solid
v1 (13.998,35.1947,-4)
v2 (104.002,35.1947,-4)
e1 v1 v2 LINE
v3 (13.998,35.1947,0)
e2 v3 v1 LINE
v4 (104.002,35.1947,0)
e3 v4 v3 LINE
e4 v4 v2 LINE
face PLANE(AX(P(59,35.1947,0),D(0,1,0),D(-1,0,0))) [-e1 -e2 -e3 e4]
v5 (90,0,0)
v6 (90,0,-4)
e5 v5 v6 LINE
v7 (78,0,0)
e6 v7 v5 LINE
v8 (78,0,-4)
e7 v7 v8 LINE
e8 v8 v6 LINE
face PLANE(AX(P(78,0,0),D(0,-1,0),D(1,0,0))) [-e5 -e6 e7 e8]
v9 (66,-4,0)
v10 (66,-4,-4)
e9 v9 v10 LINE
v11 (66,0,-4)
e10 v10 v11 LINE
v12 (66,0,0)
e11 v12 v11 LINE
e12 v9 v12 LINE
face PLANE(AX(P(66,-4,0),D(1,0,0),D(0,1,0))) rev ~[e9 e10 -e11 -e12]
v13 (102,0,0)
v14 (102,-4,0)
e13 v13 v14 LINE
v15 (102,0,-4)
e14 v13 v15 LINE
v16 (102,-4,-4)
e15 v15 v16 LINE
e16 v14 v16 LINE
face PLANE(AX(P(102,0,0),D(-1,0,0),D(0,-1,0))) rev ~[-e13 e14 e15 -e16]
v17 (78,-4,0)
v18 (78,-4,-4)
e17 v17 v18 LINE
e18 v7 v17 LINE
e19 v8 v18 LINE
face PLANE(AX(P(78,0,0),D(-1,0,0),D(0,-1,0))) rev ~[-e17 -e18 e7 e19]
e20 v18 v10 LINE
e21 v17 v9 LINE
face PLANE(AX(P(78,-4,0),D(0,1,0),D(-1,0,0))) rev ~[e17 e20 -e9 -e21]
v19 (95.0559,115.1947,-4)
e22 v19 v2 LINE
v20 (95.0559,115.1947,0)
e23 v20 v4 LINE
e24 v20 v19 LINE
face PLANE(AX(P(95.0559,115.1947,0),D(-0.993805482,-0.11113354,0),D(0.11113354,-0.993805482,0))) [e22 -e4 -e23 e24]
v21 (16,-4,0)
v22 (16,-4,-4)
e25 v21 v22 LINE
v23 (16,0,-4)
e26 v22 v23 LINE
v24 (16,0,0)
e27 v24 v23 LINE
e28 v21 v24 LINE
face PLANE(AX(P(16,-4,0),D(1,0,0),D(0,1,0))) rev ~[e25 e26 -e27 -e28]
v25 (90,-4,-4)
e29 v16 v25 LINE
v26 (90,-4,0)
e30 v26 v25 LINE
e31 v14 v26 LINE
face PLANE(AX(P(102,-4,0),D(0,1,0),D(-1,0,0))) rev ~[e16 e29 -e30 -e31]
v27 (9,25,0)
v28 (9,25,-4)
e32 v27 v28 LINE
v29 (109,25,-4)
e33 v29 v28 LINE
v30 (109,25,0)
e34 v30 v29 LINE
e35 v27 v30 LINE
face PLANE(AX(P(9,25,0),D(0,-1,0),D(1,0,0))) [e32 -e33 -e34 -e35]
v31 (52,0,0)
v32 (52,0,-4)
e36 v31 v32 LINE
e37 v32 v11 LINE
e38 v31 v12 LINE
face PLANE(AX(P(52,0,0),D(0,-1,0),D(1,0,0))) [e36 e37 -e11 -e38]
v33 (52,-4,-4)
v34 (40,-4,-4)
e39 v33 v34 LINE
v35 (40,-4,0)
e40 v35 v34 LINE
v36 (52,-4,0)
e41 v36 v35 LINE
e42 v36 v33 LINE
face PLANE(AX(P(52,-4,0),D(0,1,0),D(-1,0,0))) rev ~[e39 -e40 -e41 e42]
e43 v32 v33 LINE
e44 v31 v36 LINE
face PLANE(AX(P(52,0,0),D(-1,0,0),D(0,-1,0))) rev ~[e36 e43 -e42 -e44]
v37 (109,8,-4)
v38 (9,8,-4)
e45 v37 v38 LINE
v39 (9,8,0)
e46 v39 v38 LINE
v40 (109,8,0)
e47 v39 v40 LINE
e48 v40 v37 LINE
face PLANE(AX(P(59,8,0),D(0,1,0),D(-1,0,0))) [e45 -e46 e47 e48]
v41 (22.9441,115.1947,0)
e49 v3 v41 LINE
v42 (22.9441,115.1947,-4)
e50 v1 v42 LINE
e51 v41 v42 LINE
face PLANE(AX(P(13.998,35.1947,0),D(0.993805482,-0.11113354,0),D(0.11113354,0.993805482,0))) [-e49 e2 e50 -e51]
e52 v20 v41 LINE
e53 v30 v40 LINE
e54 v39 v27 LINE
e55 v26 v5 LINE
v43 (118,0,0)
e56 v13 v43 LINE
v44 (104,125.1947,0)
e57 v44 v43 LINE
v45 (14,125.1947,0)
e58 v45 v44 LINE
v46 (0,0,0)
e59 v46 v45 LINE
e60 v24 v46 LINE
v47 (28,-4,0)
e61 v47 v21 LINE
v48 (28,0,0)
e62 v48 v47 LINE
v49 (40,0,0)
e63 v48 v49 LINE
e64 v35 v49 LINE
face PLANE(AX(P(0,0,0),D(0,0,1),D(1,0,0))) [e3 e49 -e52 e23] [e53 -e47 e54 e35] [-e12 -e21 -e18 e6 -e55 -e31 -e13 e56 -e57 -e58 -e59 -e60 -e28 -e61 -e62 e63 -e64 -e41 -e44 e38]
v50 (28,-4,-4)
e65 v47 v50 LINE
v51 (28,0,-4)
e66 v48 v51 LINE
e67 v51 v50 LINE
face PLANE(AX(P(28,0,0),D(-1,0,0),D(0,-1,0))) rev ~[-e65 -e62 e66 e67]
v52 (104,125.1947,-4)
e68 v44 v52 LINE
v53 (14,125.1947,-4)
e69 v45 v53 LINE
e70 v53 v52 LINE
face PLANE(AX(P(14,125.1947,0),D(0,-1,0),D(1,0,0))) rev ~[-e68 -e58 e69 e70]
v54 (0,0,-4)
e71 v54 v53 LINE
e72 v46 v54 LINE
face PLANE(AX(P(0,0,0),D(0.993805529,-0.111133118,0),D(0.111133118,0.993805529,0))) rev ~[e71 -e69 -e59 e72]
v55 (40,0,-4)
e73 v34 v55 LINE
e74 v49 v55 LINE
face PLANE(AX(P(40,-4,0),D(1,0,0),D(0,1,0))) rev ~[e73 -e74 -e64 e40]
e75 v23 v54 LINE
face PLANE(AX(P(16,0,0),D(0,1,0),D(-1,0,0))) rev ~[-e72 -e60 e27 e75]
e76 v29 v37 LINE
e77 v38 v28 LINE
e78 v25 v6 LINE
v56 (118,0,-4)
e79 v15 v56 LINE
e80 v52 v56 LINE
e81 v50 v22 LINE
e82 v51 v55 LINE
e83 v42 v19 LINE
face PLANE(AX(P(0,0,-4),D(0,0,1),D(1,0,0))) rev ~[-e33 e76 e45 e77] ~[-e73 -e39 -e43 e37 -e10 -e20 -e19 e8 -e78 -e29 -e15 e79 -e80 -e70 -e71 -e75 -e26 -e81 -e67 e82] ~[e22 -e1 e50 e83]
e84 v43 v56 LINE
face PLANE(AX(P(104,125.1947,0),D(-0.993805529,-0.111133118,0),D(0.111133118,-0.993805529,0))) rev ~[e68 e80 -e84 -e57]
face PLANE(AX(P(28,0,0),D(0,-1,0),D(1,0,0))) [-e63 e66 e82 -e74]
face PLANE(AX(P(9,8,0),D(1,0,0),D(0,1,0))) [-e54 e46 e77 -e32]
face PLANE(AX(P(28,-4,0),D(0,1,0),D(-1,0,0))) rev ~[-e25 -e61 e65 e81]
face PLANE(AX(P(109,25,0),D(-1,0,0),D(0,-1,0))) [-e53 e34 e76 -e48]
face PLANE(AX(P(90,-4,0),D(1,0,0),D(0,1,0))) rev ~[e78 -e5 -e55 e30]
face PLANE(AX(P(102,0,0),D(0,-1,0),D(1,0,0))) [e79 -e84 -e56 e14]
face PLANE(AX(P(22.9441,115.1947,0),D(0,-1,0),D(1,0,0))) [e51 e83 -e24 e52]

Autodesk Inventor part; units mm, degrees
ref_plane "YZ Plane" through (0, 0, 0) normal (1, 0, 0) x (0, 1, 0)
ref_plane "XZ Plane" through (0, 0, 0) normal (0, 1, 0) x (-1, 0, 0)
ref_plane "XY Plane" through (0, 0, 0) normal (0, 0, 1) x (1, 0, 0)
sketch "Sketch1" plane through (0, 0, 0) normal (0, 0, 1) x (1, 0, 0)
  line L0 (0, 0) -> (14, 125.1947)
  line L1 (14, 125.1947) -> (104, 125.1947)
  line L2 (104, 125.1947) -> (118, 0)
  line L3 (16, 0) -> (28, 0)
  line L4 (28, 0) -> (28, -4)
  line L5 (28, -4) -> (16, -4)
  line L6 (16, -4) -> (16, 0)
  line L7 (66, 0) -> (78, 0)
  line L8 (78, 0) -> (78, -4)
  line L9 (78, -4) -> (66, -4)
  line L10 (66, -4) -> (66, 0)
  line L11 (40, 0) -> (52, 0)
  line L12 (52, 0) -> (52, -4)
  line L13 (52, -4) -> (40, -4)
  line L14 (40, -4) -> (40, 0)
  line L15 (90, 0) -> (102, 0)
  line L16 (102, 0) -> (102, -4)
  line L17 (102, -4) -> (90, -4)
  line L18 (90, -4) -> (90, 0)
  line L19 (78, 0) -> (90, 0)
  line L20 (28, 0) -> (40, 0)
  line L21 (102, 0) -> (118, 0)
  line L22 (16, 0) -> (0, 0)
  line L23 (52, 0) -> (66, 0)
  line L24 (102, -4) -> (118.4473, -4)
  line L25 (118.4473, -4) -> (118, 0)
  dimension "d229" = 90
  dimension "d232" = 16
  dimension "d233" = 12
  dimension "d234" = 12
  dimension "d235" = 4
  dimension "d239" = 14
  dimension "d241" = 130
extrude "Extrusion1" add sketch "Sketch1" against normal blind 4 contours L0 L1 L2 L21 L15 L19 L7 L23 L11 L20 L3 L22 | L3 L4 L5 L6 | L11 L12 L13 L14 | L16 L17 L18 L15 | L7 L8 L9 L10
sketch "Sketch2" plane through (0, 0, 0) normal (0, 0, 1) x (1, 0, 0)
  line L0 (9, 25) -> (109, 25)
  line L1 (109, 25) -> (109, 8)
  line L2 (109, 8) -> (9, 8)
  line L3 (9, 8) -> (9, 25)
  line L4 (22.9441, 115.1947) -> (95.0559, 115.1947)
  line L5 (95.0559, 115.1947) -> (104.002, 35.1947)
  line L6 (104.002, 35.1947) -> (13.998, 35.1947)
  line L7 (13.998, 35.1947) -> (22.9441, 115.1947)
  line L8 (118, 0) -> (104, 125.1947) projected
  line L9 (14, 125.1947) -> (0, 0) projected
  line L10 (104, 125.1947) -> (14, 125.1947) projected
  line L11 (59, 125.1947) -> (59, 0)
  line L12 (52, 0) -> (66, 0) projected
  dimension "d242" = 100
  dimension "d243" = 17
  dimension "d245" = 8
  dimension "d246" = 10
  dimension "d247" = 80
  dimension "d249" = 10
extrude "Extrusion2" cut sketch "Sketch2" against normal blind 4
properties part number "Langbektang houder"
